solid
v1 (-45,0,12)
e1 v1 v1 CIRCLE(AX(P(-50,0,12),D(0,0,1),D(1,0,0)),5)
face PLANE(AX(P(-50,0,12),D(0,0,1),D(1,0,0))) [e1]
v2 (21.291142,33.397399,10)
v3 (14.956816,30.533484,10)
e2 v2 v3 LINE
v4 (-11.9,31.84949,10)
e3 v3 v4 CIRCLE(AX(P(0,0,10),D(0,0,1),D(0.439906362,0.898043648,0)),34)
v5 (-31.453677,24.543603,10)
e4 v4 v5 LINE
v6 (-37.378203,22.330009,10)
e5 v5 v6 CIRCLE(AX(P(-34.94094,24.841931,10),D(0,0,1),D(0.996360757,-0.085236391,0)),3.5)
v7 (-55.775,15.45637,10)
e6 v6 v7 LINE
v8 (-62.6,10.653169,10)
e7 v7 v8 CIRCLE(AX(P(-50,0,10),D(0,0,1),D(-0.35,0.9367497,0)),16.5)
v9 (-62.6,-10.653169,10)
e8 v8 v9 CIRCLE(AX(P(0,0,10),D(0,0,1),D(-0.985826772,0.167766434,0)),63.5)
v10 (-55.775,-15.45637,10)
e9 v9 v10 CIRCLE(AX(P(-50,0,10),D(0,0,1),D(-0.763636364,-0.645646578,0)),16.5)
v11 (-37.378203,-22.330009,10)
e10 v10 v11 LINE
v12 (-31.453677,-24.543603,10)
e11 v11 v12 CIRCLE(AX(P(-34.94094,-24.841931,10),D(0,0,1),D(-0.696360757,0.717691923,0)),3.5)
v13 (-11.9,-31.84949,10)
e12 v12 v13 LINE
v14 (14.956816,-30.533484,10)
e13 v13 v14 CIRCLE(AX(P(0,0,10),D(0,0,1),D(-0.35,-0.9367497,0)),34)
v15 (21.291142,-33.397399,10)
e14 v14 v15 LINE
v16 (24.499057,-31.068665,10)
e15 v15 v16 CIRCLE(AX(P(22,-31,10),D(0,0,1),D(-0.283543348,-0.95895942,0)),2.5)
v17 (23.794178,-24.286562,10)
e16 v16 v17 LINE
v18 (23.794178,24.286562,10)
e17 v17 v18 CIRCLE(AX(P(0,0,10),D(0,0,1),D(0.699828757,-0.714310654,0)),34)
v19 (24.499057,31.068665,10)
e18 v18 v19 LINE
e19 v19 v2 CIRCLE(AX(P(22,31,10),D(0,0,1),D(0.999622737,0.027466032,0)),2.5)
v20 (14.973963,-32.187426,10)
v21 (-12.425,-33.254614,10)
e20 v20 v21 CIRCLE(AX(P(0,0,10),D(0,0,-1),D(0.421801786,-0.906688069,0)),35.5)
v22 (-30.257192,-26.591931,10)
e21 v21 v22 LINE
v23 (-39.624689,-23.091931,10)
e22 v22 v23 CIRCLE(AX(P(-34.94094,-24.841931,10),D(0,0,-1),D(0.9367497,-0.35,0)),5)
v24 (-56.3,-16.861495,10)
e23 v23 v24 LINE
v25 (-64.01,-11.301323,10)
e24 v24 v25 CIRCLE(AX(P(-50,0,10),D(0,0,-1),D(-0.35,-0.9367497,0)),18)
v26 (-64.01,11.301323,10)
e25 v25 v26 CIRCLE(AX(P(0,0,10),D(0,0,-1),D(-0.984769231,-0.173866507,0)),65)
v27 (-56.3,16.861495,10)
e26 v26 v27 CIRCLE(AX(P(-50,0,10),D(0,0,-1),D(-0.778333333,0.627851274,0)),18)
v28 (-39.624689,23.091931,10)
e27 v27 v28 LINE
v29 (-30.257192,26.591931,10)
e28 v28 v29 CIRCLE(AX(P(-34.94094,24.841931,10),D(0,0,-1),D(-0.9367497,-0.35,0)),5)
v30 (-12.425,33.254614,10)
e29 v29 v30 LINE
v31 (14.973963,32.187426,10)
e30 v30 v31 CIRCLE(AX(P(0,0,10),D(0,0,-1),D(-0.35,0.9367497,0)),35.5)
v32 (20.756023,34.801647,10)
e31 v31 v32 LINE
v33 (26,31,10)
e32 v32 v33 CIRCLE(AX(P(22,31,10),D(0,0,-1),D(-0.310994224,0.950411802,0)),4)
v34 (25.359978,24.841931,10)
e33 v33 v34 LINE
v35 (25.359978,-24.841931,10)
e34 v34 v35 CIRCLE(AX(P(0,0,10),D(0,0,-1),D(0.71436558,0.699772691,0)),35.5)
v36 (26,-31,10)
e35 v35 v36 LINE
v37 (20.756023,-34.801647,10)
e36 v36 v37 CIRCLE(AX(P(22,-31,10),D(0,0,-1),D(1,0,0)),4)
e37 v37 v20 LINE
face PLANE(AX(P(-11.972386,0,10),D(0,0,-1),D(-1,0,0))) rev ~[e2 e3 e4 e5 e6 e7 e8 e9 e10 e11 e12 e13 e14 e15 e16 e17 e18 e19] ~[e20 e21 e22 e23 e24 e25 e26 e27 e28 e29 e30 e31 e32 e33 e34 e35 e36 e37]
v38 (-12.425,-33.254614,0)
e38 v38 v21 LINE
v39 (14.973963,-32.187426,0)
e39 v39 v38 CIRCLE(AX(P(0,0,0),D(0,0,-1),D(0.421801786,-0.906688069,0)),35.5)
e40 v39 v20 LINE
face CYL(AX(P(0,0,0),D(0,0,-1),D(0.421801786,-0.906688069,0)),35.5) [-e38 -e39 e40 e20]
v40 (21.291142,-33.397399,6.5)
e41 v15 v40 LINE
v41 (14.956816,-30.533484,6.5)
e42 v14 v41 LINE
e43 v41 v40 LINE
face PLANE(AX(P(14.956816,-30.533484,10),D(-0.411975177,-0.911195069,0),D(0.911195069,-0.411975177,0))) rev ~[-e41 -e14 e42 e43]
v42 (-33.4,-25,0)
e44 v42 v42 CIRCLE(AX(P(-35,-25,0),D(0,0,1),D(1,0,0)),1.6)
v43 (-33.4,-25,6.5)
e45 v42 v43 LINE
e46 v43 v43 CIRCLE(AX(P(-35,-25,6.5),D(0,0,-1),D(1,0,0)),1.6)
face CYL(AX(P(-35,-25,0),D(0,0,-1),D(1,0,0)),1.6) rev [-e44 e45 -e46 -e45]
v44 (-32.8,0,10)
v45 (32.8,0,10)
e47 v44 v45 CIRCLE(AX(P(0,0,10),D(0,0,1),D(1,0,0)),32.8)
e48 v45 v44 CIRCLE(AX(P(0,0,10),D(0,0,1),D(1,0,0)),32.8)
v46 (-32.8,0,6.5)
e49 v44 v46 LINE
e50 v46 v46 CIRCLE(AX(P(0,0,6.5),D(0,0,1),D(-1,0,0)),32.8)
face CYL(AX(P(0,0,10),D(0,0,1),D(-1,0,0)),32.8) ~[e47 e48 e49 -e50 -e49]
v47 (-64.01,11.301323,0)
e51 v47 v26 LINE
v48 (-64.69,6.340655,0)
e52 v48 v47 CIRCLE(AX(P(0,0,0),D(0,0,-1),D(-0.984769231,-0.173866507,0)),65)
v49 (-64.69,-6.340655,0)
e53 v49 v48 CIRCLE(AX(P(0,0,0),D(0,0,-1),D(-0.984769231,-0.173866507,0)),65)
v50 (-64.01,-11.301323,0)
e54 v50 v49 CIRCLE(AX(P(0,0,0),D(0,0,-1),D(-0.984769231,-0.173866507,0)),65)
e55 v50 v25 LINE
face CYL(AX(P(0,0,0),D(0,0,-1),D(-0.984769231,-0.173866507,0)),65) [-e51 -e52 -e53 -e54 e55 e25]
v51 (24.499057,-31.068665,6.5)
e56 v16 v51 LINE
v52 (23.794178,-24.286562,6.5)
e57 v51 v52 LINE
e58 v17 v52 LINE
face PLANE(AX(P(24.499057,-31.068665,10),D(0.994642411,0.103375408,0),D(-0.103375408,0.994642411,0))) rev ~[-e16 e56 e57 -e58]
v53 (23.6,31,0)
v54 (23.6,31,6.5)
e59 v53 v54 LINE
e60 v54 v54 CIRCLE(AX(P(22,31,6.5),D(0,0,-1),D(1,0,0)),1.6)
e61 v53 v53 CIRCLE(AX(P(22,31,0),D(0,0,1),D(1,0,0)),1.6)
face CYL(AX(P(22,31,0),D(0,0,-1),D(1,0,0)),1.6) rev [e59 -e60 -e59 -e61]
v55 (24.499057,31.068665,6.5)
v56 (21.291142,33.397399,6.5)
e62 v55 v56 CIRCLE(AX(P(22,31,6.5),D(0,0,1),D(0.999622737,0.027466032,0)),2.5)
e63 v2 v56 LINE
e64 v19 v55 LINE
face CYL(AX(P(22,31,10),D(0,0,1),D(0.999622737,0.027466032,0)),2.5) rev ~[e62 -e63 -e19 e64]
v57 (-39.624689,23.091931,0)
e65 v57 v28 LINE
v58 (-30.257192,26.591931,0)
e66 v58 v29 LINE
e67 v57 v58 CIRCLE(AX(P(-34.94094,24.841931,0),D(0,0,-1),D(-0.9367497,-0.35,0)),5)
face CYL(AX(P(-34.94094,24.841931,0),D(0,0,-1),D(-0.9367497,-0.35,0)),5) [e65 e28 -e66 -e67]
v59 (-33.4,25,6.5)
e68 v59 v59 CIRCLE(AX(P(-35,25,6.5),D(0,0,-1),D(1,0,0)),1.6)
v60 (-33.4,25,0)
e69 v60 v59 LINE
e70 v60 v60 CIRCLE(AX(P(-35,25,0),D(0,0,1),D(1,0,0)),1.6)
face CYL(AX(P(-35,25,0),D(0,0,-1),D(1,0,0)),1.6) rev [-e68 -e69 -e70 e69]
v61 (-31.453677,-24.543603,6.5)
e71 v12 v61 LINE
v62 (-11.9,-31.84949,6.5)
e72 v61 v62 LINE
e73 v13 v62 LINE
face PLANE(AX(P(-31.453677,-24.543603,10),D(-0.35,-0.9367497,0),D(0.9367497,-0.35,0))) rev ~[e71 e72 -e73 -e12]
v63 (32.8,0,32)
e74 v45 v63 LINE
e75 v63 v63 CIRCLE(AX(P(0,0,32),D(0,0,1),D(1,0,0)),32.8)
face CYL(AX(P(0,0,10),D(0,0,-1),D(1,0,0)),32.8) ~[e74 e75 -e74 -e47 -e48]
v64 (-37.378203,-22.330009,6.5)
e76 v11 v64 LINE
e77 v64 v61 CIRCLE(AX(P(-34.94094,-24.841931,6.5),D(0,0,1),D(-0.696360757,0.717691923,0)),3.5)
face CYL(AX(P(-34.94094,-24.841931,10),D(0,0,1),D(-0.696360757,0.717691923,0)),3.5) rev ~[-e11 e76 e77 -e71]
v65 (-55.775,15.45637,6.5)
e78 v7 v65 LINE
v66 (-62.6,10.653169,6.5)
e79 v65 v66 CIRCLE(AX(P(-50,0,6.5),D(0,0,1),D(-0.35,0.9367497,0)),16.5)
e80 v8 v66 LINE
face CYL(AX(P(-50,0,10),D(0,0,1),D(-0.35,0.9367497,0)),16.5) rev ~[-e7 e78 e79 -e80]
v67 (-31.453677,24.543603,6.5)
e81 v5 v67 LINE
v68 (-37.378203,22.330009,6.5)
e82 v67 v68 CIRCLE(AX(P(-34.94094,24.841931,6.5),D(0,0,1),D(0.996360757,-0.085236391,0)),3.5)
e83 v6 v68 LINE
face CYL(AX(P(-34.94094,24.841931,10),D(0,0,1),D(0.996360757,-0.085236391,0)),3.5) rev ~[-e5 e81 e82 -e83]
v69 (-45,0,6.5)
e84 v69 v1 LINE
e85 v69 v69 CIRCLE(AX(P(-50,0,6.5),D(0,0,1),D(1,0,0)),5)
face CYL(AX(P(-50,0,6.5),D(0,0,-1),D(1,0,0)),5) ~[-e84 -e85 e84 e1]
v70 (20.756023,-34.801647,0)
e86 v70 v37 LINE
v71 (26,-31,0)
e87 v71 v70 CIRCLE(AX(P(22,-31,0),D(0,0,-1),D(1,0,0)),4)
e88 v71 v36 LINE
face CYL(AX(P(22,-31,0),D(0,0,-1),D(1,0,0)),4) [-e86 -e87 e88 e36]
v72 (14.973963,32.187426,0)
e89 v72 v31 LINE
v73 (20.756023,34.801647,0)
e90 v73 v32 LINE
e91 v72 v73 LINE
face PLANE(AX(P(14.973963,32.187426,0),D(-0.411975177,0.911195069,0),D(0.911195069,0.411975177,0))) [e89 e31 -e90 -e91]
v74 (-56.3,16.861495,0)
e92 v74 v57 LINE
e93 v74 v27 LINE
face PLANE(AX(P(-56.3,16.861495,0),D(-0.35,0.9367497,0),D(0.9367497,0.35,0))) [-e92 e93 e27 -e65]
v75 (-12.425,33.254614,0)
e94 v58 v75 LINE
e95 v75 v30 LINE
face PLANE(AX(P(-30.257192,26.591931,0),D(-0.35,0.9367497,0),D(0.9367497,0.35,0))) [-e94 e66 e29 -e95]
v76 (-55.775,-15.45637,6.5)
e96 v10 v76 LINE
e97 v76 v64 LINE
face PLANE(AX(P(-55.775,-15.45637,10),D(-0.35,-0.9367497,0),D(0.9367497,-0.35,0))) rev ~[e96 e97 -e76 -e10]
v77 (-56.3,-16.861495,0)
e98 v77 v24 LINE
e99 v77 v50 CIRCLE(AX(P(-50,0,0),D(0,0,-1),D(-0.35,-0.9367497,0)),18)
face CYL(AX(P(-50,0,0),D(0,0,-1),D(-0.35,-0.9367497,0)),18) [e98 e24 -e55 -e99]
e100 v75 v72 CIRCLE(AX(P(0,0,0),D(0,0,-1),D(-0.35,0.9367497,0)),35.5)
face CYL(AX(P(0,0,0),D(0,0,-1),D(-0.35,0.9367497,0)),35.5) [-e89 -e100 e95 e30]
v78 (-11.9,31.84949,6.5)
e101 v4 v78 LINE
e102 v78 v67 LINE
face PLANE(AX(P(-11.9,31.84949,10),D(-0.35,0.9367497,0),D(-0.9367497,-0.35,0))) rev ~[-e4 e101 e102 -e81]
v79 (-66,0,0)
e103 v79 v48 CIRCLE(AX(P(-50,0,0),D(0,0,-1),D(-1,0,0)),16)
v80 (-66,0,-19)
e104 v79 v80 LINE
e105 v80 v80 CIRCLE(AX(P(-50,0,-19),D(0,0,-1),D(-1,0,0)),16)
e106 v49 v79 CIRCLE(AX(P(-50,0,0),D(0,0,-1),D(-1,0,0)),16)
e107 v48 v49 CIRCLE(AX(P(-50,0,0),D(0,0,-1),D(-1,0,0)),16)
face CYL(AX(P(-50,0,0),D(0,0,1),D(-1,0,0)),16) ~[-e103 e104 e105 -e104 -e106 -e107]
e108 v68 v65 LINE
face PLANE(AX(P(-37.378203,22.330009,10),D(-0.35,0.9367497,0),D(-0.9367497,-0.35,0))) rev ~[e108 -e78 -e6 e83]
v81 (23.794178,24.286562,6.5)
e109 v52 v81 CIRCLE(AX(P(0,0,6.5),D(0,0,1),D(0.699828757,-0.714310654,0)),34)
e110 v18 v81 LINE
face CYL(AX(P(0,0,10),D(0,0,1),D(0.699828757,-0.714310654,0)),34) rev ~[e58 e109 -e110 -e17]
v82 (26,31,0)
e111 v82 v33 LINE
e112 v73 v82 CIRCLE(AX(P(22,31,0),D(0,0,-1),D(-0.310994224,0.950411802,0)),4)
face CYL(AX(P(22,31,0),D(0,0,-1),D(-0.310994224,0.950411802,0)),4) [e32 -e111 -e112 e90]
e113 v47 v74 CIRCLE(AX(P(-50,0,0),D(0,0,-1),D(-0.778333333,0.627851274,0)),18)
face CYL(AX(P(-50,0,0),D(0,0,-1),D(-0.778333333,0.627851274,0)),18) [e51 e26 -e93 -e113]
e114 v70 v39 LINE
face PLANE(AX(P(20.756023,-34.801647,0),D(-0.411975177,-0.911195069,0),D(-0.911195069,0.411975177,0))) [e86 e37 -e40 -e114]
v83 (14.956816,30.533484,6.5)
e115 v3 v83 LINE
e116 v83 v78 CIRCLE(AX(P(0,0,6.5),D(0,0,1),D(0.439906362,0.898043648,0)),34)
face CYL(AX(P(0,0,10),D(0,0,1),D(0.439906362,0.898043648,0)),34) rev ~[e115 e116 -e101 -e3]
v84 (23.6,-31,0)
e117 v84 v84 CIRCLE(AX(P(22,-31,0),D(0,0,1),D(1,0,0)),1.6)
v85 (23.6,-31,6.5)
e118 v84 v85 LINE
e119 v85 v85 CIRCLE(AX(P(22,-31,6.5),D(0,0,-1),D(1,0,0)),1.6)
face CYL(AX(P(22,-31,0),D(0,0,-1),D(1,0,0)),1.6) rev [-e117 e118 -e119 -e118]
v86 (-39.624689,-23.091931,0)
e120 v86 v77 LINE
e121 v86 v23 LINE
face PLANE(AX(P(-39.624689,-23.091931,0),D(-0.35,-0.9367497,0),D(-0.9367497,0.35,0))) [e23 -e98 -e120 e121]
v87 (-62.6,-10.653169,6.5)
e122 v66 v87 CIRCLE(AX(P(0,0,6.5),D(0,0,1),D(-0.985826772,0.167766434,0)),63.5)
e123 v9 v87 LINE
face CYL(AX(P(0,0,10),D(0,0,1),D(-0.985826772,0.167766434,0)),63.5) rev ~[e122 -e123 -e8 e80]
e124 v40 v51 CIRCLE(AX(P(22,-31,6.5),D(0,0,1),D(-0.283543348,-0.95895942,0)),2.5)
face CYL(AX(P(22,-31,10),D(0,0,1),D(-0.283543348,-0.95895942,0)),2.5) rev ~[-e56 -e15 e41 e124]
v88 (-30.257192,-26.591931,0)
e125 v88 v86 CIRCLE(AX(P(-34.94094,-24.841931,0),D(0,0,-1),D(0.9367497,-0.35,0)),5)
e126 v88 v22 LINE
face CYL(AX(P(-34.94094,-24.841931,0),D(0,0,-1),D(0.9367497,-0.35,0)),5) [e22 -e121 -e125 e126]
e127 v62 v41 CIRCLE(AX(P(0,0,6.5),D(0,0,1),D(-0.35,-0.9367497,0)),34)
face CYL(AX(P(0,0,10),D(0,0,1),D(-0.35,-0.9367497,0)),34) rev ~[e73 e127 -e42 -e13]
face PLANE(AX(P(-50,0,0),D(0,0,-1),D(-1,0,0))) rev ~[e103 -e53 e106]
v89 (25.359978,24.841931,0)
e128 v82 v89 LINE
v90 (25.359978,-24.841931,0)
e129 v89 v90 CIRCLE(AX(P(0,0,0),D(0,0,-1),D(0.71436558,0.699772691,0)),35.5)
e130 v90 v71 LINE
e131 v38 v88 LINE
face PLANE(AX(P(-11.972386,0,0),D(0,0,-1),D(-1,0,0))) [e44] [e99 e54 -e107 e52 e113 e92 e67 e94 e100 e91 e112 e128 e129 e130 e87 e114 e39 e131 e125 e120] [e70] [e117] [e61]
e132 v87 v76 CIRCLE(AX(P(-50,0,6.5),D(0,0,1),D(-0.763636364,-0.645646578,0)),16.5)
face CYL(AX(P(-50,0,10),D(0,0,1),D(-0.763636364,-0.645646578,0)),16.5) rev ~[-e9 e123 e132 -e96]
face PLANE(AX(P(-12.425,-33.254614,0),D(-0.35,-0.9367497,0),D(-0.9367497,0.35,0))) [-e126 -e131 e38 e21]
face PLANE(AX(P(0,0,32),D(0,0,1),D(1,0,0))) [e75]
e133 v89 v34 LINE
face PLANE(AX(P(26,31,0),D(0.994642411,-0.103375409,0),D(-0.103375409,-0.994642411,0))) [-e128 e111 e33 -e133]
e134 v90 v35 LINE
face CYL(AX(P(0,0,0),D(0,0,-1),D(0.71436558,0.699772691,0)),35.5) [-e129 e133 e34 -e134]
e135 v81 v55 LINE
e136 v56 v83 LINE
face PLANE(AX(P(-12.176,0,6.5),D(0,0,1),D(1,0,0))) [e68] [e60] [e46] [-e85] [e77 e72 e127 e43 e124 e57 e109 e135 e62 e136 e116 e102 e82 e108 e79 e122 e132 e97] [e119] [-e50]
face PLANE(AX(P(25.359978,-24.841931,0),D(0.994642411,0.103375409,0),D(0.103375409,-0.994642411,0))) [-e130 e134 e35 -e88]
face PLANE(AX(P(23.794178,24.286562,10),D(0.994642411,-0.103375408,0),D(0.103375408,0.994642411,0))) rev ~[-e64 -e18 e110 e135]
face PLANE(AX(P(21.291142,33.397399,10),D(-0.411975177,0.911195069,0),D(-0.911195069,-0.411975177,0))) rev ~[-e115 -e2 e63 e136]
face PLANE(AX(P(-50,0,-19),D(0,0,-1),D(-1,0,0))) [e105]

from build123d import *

# Parameters (mm, degrees)
ESQUISSE1_R             = 1.6
BOSS_EXTRU_1_DEPTH      = 10
ESQUISSE2_R             = 32.8
BOSS_EXTRU_2_DEPTH      = 22
ENL_V_MAT_EXTRU_1_DEPTH = 3.5
BOSS_EXTRU_3_REACH      = 12
ESQUISSE4_R             = 32.8
ESQUISSE5_R             = 16
BOSS_EXTRU_4_DEPTH      = 19
ESQUISSE8_R             = 5
BOSS_EXTRU_7_DEPTH      = 5.5


with BuildPart() as part:
    # Esquisse1 → Boss.-Extru.1 (new body)
    with BuildSketch(Plane.XY):
        with BuildLine():
            ThreePointArc((-56.3, -16.861494596), (-60.528670487, -14.599558136), (-64.01, -11.301322931))
            ThreePointArc((-64.01, -11.301322931), (-65, 0), (-64.01, 11.301322931))
            ThreePointArc((-64.01, 11.301322931), (-60.528670487, 14.599558136), (-56.3, 16.861494596))
            Line((-56.3, 16.861494596), (-39.624688626, 23.091930519))
            ThreePointArc((-39.624688626, 23.091930519), (-36.690940127, 29.525679018), (-30.257191628, 26.591930519))
            Line((-30.257191628, 26.591930519), (-12.425, 33.254614341))
            ThreePointArc((-12.425, 33.254614341), (1.381675102, 35.473102119), (14.973963383, 32.187426436))
            Line((14.973963383, 32.187426436), (20.756023105, 34.801647207))
            ThreePointArc((20.756023105, 34.801647207), (24.347774736, 34.238511045), (26, 31))
            Line((26, 31), (25.359978077, 24.841930519))
            ThreePointArc((25.359978077, 24.841930519), (35.5, 0), (25.359978077, -24.841930519))
            Line((25.359978077, -24.841930519), (26, -31))
            ThreePointArc((26, -31), (24.347774736, -34.238511045), (20.756023105, -34.801647207))
            Line((20.756023105, -34.801647207), (14.973963383, -32.187426436))
            ThreePointArc((14.973963383, -32.187426436), (1.381675102, -35.473102119), (-12.425, -33.254614341))
            Line((-12.425, -33.254614341), (-30.257191628, -26.591930519))
            ThreePointArc((-30.257191628, -26.591930519), (-36.690940127, -29.525679018), (-39.624688626, -23.091930519))
            Line((-39.624688626, -23.091930519), (-56.3, -16.861494596))
        make_face()
        with Locations((-35, -25)):
            Circle(ESQUISSE1_R, mode=Mode.SUBTRACT)
        with Locations((22, 31)):
            Circle(ESQUISSE1_R, mode=Mode.SUBTRACT)
        with Locations((-35, 25)):
            Circle(ESQUISSE1_R, mode=Mode.SUBTRACT)
        with Locations((22, -31)):
            Circle(ESQUISSE1_R, mode=Mode.SUBTRACT)
    extrude(amount=BOSS_EXTRU_1_DEPTH)

    # Esquisse2 → Boss.-Extru.2 (add)
    with BuildSketch(Plane.XY.offset(10)):
        Circle(ESQUISSE2_R)
    extrude(amount=BOSS_EXTRU_2_DEPTH)

    # Esquisse3 → Enlèv. mat.-Extru.1 (cut)
    with BuildSketch(Plane.XY.offset(10)):
        with BuildLine():
            Line((-55.775, -15.456370046), (-37.378202776, -22.330008789))
            ThreePointArc((-37.378202776, -22.330008789), (-36.165940127, -28.120554469), (-31.453677478, -24.543603151))
            Line((-31.453677478, -24.543603151), (-11.9, -31.849489792))
            ThreePointArc((-11.9, -31.849489792), (1.664031028, -33.959255009), (14.956816294, -30.533484019))
            Line((14.956816294, -30.533484019), (21.291141631, -33.397398551))
            ThreePointArc((21.291141631, -33.397398551), (23.468656713, -33.023128137), (24.499056843, -31.06866508))
            Line((24.499056843, -31.06866508), (23.79417774, -24.286562245))
            ThreePointArc((23.79417774, -24.286562245), (34, 0), (23.79417774, 24.286562245))
            Line((23.79417774, 24.286562245), (24.499056843, 31.06866508))
            ThreePointArc((24.499056843, 31.06866508), (23.468656713, 33.023128137), (21.291141631, 33.397398551))
            Line((21.291141631, 33.397398551), (14.956816294, 30.533484019))
            ThreePointArc((14.956816294, 30.533484019), (1.664031028, 33.959255009), (-11.9, 31.849489792))
            Line((-11.9, 31.849489792), (-31.453677478, 24.543603151))
            ThreePointArc((-31.453677478, 24.543603151), (-36.165940127, 28.120554469), (-37.378202776, 22.330008789))
            Line((-37.378202776, 22.330008789), (-55.775, 15.456370046))
            ThreePointArc((-55.775, 15.456370046), (-59.496201473, 13.493411636), (-62.6, 10.653168543))
            ThreePointArc((-62.6, 10.653168543), (-63.5, 0), (-62.6, -10.653168543))
            ThreePointArc((-62.6, -10.653168543), (-59.496201473, -13.493411636), (-55.775, -15.456370046))
        make_face()
    extrude(amount=-ENL_V_MAT_EXTRU_1_DEPTH, mode=Mode.SUBTRACT)

    # Esquisse4 → Boss.-Extru.3 (add, up to next)
    with BuildSketch(Plane(origin=(0, 0, 10), x_dir=(-1, 0, 0), z_dir=(0, 0, -1)), mode=Mode.PRIVATE) as boss_extru_3_sk1:
        Circle(ESQUISSE4_R)
    boss_extru_3_tool1 = extrude(boss_extru_3_sk1.sketch, amount=BOSS_EXTRU_3_REACH, mode=Mode.PRIVATE) - part.part
    add(boss_extru_3_tool1.solids().sort_by_distance((0, 0, 10))[0])

    # Esquisse5 → Boss.-Extru.4 (add)
    with BuildSketch(Plane(origin=(0, 0, 0), x_dir=(-1, 0, 0), z_dir=(0, 0, -1))):
        with Locations((50, 0)):
            Circle(ESQUISSE5_R)
    extrude(amount=BOSS_EXTRU_4_DEPTH)

    # Esquisse8 → Boss.-Extru.7 (add)
    with BuildSketch(Plane.XY.offset(6.5)):
        with Locations((-50, 0)):
            Circle(ESQUISSE8_R)
    extrude(amount=BOSS_EXTRU_7_DEPTH)


solid = part.part
